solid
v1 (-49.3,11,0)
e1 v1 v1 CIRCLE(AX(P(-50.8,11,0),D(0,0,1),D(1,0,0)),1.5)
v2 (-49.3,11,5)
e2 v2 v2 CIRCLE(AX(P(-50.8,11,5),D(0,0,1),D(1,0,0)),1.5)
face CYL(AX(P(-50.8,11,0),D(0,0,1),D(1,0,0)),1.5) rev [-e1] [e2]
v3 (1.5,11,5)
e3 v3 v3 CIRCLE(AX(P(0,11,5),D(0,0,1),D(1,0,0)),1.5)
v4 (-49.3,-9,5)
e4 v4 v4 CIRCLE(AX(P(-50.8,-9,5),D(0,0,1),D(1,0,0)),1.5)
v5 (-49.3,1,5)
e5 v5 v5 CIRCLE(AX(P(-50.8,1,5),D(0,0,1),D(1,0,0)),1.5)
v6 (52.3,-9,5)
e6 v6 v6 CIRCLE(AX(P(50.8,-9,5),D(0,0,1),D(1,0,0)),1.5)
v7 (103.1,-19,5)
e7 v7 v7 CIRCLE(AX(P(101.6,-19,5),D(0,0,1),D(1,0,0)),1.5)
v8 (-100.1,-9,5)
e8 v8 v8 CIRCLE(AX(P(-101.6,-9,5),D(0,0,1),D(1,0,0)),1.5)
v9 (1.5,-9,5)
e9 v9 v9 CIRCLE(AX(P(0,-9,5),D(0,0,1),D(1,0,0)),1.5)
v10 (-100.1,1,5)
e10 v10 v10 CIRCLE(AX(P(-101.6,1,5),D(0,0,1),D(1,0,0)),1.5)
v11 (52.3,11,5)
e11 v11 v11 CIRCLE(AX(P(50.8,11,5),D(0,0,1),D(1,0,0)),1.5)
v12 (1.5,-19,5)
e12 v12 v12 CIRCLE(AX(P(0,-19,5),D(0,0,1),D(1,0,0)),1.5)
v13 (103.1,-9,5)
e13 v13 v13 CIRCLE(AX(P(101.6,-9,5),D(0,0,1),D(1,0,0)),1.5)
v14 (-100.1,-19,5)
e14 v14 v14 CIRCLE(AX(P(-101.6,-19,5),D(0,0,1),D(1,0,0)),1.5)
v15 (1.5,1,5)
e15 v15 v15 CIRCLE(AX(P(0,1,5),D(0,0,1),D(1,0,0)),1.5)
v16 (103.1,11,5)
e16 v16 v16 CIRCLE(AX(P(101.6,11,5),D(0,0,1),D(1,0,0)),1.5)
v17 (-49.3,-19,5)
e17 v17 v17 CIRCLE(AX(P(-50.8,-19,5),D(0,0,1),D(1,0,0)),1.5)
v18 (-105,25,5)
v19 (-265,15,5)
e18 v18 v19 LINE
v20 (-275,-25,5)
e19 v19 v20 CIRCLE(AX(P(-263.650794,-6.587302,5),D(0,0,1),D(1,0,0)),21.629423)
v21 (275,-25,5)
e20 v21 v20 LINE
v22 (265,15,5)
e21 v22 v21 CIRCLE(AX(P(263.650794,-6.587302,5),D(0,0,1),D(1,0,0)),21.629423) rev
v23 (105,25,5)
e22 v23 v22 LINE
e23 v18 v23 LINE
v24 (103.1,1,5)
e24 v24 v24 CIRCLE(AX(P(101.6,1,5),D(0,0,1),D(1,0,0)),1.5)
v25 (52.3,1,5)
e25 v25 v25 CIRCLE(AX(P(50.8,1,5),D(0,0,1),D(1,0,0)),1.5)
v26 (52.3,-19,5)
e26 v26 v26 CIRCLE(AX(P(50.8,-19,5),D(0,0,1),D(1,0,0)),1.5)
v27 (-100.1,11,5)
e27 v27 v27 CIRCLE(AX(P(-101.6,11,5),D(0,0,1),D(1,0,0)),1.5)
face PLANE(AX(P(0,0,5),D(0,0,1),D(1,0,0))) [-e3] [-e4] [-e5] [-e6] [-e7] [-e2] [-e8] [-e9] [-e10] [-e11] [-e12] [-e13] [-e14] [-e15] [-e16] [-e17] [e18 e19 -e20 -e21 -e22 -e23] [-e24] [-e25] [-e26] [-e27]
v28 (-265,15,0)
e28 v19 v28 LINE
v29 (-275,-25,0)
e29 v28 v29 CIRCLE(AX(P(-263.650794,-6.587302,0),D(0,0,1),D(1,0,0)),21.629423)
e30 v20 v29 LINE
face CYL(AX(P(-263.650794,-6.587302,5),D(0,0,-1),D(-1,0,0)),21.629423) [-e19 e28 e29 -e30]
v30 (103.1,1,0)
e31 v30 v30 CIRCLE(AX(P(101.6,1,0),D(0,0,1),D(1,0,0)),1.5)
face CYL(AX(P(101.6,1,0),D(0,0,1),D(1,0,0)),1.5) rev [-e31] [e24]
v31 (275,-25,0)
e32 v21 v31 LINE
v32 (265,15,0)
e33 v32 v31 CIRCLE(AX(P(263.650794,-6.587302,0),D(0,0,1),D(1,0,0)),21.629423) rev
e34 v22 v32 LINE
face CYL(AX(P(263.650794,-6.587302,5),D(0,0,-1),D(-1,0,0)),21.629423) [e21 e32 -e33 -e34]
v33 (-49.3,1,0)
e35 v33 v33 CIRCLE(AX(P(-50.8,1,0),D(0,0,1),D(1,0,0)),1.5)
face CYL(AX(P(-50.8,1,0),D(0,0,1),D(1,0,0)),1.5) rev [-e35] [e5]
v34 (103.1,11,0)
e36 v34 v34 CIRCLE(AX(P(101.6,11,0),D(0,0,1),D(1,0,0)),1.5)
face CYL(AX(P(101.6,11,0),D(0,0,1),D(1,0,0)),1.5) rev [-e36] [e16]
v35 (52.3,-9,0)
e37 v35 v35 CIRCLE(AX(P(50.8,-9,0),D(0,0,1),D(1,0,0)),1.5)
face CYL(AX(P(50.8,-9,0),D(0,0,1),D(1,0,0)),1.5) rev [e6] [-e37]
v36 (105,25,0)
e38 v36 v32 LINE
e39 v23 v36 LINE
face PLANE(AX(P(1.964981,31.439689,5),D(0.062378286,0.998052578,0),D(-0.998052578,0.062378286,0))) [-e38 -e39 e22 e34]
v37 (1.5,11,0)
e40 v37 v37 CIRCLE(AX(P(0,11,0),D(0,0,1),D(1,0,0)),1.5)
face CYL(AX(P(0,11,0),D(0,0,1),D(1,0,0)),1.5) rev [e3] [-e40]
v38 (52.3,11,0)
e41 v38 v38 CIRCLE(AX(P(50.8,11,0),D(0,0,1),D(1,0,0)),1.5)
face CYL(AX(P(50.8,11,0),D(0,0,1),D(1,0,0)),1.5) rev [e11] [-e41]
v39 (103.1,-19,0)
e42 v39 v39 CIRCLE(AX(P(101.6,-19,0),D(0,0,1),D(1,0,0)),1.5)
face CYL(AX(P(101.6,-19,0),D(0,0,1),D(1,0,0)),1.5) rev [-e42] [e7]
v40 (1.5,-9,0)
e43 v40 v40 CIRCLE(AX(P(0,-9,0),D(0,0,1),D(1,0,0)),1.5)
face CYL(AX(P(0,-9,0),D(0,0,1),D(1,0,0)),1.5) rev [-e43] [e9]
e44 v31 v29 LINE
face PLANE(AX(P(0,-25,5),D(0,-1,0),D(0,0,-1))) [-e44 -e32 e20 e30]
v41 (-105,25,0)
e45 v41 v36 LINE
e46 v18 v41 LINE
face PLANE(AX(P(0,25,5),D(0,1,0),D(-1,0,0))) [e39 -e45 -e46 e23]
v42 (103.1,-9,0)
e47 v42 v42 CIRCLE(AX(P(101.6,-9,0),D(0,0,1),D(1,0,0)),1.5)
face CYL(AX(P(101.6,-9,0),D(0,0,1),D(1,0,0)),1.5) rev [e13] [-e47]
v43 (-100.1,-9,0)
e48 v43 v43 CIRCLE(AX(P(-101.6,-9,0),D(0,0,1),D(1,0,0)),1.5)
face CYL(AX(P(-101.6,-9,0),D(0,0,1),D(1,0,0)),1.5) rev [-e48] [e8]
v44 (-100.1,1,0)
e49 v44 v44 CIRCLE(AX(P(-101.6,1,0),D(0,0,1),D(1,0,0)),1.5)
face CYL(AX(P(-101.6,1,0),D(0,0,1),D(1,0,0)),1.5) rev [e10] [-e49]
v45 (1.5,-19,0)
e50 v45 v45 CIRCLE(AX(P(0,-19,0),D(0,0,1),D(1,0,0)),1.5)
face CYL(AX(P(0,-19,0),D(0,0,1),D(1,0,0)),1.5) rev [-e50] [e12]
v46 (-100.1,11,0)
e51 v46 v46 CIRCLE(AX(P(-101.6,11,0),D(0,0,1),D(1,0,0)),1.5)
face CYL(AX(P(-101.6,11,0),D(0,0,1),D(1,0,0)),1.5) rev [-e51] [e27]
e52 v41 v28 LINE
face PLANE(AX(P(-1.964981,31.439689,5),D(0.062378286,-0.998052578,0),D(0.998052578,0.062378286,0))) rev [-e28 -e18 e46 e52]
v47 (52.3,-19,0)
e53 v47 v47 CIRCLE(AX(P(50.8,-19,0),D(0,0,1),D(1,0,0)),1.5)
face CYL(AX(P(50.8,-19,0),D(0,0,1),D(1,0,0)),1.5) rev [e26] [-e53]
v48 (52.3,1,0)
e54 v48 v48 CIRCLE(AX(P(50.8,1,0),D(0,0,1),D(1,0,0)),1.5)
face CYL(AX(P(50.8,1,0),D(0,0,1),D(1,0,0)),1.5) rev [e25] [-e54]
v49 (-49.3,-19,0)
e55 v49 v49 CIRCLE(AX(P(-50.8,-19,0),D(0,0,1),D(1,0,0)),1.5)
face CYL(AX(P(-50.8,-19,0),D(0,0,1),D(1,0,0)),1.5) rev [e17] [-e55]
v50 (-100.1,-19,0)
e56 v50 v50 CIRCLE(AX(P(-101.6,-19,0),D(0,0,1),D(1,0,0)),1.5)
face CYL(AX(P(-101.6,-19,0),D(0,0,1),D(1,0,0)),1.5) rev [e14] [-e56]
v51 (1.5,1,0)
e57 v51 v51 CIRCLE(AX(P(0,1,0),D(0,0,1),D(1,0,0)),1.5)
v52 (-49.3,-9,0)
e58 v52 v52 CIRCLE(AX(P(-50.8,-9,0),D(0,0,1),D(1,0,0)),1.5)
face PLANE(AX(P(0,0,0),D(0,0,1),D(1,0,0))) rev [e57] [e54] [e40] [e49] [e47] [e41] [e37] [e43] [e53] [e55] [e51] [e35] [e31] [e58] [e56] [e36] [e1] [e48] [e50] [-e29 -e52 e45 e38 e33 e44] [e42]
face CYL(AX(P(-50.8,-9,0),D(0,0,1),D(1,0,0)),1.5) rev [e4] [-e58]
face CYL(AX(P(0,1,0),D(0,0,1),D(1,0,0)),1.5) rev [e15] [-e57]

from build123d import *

# Parameters (mm, degrees)
SKETCH3_W           = 210
SKETCH3_H           = 50
BOSS_EXTRUDE1_DEPTH = 5
SKETCH8_R           = 1.5
CUT_EXTRUDE1_DEPTH  = 5


with BuildPart() as part:
    # Sketch3 → Boss-Extrude1 (new body)
    with BuildSketch(Plane.XY):
        Polygon((-265, -25), (-105, -25), (-105, 25), (-265, 15), align=None)
        with BuildLine():
            Line((-275, -25), (-265, -25))
            Line((-265, -25), (-265, 15))
            ThreePointArc((-265, 15), (-284.634416342, -1.341395914), (-275, -25))
        make_face()
        Rectangle(SKETCH3_W, SKETCH3_H)
        Polygon((105, 25), (105, -25), (265, -25), (265, 15), align=None)
        with BuildLine():
            Line((265, 15), (265, -25))
            Line((265, -25), (275, -25))
            ThreePointArc((275, -25), (284.634416342, -1.341395914), (265, 15))
        make_face()
    extrude(amount=BOSS_EXTRUDE1_DEPTH)

    # Sketch8 → Cut-Extrude1 (cut)
    with BuildSketch(Plane.XY.offset(5)):
        with Locations((0, 11)):
            Circle(SKETCH8_R)
        with Locations((0, 1)):
            Circle(SKETCH8_R)
        with Locations((0, -9)):
            Circle(SKETCH8_R)
        with Locations((0, -19)):
            Circle(SKETCH8_R)
        with Locations((50.8, 11)):
            Circle(SKETCH8_R)
        with Locations((50.8, -9)):
            Circle(SKETCH8_R)
        with Locations((50.8, 1)):
            Circle(SKETCH8_R)
        with Locations((50.8, -19)):
            Circle(SKETCH8_R)
        with Locations((101.6, 11)):
            Circle(SKETCH8_R)
        with Locations((101.6, -9)):
            Circle(SKETCH8_R)
        with Locations((101.6, 1)):
            Circle(SKETCH8_R)
        with Locations((101.6, -19)):
            Circle(SKETCH8_R)
        with Locations((-50.8, 11)):
            Circle(SKETCH8_R)
        with Locations((-50.8, 1)):
            Circle(SKETCH8_R)
        with Locations((-50.8, -9)):
            Circle(SKETCH8_R)
        with Locations((-50.8, -19)):
            Circle(SKETCH8_R)
        with Locations((-101.6, 11)):
            Circle(SKETCH8_R)
        with Locations((-101.6, 1)):
            Circle(SKETCH8_R)
        with Locations((-101.6, -9)):
            Circle(SKETCH8_R)
        with Locations((-101.6, -19)):
            Circle(SKETCH8_R)
    extrude(amount=-CUT_EXTRUDE1_DEPTH, mode=Mode.SUBTRACT)


solid = part.part
